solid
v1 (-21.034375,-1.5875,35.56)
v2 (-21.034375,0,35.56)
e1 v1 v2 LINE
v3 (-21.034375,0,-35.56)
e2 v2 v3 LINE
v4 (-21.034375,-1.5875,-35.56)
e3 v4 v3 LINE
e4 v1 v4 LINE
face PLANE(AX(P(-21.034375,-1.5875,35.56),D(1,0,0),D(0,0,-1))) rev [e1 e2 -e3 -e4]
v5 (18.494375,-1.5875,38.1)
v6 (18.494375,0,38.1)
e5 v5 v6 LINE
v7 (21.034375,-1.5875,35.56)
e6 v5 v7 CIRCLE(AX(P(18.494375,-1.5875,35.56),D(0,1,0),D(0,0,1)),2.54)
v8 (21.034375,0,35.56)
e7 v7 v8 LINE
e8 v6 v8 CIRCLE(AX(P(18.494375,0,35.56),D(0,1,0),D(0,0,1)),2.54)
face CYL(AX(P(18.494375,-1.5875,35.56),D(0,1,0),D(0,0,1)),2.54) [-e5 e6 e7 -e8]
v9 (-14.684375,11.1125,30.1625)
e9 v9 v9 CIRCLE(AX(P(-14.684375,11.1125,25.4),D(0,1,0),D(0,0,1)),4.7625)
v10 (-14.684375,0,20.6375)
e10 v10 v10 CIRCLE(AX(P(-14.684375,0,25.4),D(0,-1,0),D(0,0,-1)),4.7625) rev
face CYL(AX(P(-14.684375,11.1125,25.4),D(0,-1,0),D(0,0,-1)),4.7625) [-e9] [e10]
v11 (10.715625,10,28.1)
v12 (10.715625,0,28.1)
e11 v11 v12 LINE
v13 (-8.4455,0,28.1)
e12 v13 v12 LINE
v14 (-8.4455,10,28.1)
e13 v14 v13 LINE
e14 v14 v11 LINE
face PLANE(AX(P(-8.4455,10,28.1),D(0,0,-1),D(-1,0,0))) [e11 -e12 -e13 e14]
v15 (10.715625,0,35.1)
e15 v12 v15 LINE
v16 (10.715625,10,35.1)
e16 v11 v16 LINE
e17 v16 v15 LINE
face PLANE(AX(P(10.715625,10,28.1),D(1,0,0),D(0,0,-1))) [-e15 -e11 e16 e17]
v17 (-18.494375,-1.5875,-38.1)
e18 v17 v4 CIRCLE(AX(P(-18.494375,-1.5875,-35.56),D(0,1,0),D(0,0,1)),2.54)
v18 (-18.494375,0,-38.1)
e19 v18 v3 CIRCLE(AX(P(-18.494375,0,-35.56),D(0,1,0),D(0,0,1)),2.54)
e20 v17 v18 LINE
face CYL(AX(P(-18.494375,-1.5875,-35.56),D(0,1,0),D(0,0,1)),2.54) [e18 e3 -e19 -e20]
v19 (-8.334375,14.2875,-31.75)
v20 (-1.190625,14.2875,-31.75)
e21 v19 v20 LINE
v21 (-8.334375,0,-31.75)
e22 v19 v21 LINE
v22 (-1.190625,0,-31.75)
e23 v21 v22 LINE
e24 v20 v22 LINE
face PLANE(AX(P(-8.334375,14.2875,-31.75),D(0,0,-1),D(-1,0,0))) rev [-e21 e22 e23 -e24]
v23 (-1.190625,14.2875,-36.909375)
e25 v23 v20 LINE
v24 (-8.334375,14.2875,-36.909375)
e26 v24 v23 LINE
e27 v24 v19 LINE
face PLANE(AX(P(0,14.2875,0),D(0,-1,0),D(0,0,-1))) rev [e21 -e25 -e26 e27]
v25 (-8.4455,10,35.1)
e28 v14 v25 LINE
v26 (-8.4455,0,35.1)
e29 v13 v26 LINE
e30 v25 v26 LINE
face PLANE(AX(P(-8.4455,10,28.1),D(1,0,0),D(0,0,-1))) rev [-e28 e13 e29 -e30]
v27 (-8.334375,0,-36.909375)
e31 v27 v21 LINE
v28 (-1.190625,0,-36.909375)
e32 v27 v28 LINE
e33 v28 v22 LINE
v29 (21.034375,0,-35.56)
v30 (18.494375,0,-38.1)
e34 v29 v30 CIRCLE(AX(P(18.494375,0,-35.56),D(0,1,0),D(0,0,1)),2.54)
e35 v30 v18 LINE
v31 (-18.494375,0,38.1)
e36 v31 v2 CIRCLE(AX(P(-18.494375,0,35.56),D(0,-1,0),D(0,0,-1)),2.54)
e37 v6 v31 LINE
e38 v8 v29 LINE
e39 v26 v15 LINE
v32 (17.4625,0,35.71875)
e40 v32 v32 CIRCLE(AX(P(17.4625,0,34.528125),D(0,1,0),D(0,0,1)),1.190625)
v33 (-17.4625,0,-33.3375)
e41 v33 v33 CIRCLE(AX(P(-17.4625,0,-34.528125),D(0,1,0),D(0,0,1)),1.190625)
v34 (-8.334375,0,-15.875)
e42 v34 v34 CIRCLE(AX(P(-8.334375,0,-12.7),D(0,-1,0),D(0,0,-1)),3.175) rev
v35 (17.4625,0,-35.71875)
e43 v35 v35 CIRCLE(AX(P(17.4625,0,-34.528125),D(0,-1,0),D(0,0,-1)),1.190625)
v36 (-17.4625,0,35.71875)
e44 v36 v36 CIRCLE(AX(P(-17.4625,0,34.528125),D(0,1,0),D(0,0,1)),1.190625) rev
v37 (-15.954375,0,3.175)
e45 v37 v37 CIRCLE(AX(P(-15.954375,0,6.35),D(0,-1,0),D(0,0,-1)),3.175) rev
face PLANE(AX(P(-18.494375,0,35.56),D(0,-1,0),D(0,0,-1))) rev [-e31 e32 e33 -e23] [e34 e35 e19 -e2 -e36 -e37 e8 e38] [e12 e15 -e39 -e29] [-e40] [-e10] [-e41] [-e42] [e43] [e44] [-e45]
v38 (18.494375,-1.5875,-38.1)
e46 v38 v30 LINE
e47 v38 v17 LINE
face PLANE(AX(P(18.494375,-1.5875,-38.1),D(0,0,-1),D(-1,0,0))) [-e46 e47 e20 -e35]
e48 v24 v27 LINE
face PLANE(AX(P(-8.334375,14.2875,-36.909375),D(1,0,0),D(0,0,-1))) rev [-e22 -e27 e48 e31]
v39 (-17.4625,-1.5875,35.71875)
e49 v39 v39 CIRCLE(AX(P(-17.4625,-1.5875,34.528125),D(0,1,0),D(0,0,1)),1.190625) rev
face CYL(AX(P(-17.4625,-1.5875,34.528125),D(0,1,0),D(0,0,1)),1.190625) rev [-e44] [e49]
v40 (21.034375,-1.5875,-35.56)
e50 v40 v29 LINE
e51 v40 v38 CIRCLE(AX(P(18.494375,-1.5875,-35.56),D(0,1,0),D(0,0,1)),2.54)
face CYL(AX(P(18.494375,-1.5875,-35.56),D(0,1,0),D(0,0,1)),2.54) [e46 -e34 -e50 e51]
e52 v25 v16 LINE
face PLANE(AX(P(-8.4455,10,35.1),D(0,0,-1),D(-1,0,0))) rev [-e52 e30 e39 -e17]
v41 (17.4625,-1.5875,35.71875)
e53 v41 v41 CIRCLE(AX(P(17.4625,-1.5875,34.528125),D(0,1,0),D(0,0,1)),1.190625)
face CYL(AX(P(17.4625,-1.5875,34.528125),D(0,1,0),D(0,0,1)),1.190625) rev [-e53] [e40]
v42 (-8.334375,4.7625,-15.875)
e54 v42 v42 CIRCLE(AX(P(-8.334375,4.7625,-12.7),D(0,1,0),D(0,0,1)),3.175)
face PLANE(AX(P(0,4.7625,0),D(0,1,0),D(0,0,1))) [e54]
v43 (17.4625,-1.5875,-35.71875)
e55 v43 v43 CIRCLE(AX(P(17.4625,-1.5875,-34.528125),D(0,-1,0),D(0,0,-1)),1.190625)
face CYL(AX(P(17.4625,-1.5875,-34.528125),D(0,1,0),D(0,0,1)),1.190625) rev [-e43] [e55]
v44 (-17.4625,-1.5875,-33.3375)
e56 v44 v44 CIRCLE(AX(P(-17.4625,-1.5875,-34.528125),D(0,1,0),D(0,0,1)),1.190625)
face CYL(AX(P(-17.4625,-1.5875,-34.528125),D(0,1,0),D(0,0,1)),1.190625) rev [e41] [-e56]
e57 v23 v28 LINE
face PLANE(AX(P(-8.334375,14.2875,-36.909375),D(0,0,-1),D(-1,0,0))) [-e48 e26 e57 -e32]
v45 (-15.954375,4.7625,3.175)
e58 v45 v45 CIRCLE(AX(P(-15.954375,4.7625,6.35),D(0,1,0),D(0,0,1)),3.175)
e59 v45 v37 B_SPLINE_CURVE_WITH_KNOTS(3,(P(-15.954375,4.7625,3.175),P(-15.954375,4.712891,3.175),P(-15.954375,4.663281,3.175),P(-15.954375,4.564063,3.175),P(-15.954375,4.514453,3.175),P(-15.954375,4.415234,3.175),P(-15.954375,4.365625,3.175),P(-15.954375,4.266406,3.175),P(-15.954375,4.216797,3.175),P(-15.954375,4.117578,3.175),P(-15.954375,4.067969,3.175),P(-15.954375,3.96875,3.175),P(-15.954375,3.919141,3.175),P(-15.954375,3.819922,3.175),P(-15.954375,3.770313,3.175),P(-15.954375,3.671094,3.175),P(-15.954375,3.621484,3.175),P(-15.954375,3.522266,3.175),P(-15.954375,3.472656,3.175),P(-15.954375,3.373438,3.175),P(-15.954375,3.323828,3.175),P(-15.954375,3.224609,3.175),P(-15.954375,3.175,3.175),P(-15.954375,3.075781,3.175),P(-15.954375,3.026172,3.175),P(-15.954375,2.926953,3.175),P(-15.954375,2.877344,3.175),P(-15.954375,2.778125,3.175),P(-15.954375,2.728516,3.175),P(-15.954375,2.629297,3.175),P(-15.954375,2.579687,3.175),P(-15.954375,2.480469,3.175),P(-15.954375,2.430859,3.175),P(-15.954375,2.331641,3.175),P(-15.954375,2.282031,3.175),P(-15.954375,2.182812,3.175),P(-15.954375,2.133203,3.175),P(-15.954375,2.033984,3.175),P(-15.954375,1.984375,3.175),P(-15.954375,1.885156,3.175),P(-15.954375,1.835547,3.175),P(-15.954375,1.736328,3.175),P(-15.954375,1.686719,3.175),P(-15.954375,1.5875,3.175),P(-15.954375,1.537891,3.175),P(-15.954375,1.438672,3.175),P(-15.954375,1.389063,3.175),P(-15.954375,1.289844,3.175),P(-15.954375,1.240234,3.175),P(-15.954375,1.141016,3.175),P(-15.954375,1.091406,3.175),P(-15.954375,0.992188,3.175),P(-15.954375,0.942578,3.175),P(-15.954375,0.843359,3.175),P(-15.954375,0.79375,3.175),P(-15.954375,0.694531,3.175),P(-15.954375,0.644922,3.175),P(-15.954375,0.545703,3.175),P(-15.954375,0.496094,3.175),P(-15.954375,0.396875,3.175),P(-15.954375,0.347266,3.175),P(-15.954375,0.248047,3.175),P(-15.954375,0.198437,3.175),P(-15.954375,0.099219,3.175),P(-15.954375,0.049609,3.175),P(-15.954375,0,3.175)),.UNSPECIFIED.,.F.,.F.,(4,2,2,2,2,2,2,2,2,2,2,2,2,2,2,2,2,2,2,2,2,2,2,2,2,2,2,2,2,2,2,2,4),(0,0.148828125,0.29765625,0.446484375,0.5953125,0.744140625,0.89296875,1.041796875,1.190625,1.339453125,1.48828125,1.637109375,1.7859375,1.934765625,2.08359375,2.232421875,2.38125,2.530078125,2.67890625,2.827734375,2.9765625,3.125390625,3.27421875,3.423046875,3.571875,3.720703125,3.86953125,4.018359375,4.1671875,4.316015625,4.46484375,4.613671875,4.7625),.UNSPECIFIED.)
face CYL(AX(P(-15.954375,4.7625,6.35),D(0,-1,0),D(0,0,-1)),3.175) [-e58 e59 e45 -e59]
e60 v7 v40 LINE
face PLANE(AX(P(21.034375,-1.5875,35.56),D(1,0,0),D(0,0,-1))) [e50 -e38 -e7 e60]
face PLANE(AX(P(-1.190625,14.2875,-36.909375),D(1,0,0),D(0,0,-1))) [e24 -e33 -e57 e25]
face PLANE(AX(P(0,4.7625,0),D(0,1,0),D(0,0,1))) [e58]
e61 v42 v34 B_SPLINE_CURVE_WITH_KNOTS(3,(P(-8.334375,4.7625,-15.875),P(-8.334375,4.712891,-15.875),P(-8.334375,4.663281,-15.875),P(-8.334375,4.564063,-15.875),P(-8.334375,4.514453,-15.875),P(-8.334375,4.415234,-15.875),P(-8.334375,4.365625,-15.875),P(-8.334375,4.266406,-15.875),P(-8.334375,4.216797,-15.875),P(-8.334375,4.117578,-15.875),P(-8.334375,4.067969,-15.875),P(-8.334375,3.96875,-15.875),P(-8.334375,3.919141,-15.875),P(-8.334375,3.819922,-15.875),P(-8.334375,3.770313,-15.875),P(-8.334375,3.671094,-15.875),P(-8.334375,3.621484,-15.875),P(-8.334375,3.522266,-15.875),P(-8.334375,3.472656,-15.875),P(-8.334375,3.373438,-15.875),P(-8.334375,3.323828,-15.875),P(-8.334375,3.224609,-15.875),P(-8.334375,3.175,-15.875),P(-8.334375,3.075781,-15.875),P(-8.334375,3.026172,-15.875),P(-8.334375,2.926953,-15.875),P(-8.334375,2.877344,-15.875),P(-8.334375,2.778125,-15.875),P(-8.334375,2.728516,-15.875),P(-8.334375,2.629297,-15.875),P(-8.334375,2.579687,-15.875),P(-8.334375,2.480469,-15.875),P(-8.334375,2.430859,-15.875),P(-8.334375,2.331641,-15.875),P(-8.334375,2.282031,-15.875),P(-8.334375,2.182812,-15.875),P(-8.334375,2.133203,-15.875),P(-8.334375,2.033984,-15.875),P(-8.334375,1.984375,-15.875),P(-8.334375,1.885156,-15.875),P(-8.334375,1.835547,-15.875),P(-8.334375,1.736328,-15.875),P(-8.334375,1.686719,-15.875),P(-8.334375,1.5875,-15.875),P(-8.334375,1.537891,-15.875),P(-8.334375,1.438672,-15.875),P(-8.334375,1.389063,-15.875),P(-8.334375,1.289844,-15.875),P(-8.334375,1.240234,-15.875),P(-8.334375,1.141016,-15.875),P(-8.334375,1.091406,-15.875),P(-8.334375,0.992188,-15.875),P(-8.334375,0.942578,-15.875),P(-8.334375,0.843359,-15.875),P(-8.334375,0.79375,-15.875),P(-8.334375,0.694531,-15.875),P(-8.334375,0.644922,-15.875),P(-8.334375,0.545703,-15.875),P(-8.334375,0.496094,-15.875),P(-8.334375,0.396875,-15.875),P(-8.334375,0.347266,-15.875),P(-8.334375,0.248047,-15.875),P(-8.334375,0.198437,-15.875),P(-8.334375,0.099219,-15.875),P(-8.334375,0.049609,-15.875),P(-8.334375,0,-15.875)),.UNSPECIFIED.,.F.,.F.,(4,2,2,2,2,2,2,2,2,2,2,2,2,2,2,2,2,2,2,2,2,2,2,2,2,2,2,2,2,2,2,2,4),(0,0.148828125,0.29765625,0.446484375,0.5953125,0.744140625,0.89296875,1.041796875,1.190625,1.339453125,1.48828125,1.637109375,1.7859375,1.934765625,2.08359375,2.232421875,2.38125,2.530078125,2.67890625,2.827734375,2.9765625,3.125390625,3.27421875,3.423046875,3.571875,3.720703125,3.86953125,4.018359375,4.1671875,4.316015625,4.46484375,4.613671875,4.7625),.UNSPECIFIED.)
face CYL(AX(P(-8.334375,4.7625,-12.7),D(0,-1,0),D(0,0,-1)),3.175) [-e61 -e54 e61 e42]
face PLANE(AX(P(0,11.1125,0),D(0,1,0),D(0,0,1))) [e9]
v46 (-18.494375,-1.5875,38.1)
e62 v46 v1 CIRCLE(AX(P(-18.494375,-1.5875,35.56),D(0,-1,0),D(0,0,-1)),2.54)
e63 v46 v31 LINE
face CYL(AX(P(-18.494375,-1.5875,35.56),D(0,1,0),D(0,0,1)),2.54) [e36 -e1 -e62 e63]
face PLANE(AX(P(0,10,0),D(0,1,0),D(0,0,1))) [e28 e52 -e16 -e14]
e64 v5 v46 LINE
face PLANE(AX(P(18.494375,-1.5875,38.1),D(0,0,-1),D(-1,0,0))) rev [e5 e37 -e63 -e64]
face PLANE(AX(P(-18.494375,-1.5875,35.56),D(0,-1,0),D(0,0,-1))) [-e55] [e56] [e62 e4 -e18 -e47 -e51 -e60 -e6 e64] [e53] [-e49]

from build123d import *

# Parameters (mm, degrees)
SKETCH1_W           = 7.14375
SKETCH1_H           = 5.159375
BOSS_EXTRUDE1_DEPTH = 14.2875
SKETCH1_3_W         = 19.161125
SKETCH1_3_H         = 7
BOSS_EXTRUDE2_DEPTH = 10
BOSS_EXTRUDE3_DEPTH = 1.5875
SKETCH1_5_R         = 1.190625
CUT_EXTRUDE1_DEPTH  = 1.5875
SKETCH2_R           = 4.7625
BOSS_EXTRUDE4_DEPTH = 11.1125
SKETCH2_3_R         = 3.175
BOSS_EXTRUDE5_DEPTH = 4.7625


with BuildPart() as part:
    # Sketch1 → Boss-Extrude1 (new body)
    with BuildSketch(Plane(origin=(0, 0, 0), x_dir=(1, 0, 0), z_dir=(0, 1, 0))):
        with Locations((-4.7625, 34.3296875)):
            Rectangle(SKETCH1_W, SKETCH1_H)
    extrude(amount=BOSS_EXTRUDE1_DEPTH)



with BuildPart() as body_2:
    # Sketch1<3> → Boss-Extrude2 (new body)
    with BuildSketch(Plane(origin=(0, 0, 0), x_dir=(1, 0, 0), z_dir=(0, 1, 0))):
        with Locations((1.1350625, -31.6)):
            Rectangle(SKETCH1_3_W, SKETCH1_3_H)
    extrude(amount=BOSS_EXTRUDE2_DEPTH)


with BuildPart() as part_1:
    add(part.part)

    add(body_2.part)  # Boss-Extrude3 merges body 2
    # Sketch1<4> → Boss-Extrude3 (add)
    with BuildSketch(Plane(origin=(0, 0, 0), x_dir=(1, 0, 0), z_dir=(0, 1, 0))):
        with BuildLine():
            Line((18.494375, -38.1), (-18.494375, -38.1))
            ThreePointArc((-18.494375, -38.1), (-20.290426224, -37.356051224), (-21.034375, -35.56))
            Line((-21.034375, -35.56), (-21.034375, 35.56))
            ThreePointArc((-21.034375, 35.56), (-20.290426224, 37.356051224), (-18.494375, 38.1))
            Line((-18.494375, 38.1), (18.494375, 38.1))
            ThreePointArc((18.494375, 38.1), (20.290426224, 37.356051224), (21.034375, 35.56))
            Line((21.034375, 35.56), (21.034375, -35.56))
            ThreePointArc((21.034375, -35.56), (20.290426224, -37.356051224), (18.494375, -38.1))
        make_face()
    extrude(amount=-BOSS_EXTRUDE3_DEPTH)

    # Sketch1<5> → Cut-Extrude1 (cut)
    with BuildSketch(Plane(origin=(0, 0, 0), x_dir=(1, 0, 0), z_dir=(0, 1, 0))):
        with Locations((-17.4625, 34.528125)):
            Circle(SKETCH1_5_R)
        with Locations((17.4625, 34.528125)):
            Circle(SKETCH1_5_R)
        with Locations((17.4625, -34.528125)):
            Circle(SKETCH1_5_R)
        with Locations((-17.4625, -34.528125)):
            Circle(SKETCH1_5_R)
    extrude(amount=-CUT_EXTRUDE1_DEPTH, mode=Mode.SUBTRACT)

    # Sketch2 → Boss-Extrude4 (add)
    with BuildSketch(Plane(origin=(0, 0, 0), x_dir=(1, 0, 0), z_dir=(0, 1, 0))):
        with Locations((-14.684375, -25.4)):
            Circle(SKETCH2_R)
    extrude(amount=BOSS_EXTRUDE4_DEPTH)

    # Sketch2<3> → Boss-Extrude5 (add)
    with BuildSketch(Plane(origin=(0, 0, 0), x_dir=(1, 0, 0), z_dir=(0, 1, 0))):
        with Locations((-15.954375, -6.35)):
            Circle(SKETCH2_3_R)
        with Locations((-8.334375, 12.7)):
            Circle(SKETCH2_3_R)
    extrude(amount=BOSS_EXTRUDE5_DEPTH)


solid = part_1.part
